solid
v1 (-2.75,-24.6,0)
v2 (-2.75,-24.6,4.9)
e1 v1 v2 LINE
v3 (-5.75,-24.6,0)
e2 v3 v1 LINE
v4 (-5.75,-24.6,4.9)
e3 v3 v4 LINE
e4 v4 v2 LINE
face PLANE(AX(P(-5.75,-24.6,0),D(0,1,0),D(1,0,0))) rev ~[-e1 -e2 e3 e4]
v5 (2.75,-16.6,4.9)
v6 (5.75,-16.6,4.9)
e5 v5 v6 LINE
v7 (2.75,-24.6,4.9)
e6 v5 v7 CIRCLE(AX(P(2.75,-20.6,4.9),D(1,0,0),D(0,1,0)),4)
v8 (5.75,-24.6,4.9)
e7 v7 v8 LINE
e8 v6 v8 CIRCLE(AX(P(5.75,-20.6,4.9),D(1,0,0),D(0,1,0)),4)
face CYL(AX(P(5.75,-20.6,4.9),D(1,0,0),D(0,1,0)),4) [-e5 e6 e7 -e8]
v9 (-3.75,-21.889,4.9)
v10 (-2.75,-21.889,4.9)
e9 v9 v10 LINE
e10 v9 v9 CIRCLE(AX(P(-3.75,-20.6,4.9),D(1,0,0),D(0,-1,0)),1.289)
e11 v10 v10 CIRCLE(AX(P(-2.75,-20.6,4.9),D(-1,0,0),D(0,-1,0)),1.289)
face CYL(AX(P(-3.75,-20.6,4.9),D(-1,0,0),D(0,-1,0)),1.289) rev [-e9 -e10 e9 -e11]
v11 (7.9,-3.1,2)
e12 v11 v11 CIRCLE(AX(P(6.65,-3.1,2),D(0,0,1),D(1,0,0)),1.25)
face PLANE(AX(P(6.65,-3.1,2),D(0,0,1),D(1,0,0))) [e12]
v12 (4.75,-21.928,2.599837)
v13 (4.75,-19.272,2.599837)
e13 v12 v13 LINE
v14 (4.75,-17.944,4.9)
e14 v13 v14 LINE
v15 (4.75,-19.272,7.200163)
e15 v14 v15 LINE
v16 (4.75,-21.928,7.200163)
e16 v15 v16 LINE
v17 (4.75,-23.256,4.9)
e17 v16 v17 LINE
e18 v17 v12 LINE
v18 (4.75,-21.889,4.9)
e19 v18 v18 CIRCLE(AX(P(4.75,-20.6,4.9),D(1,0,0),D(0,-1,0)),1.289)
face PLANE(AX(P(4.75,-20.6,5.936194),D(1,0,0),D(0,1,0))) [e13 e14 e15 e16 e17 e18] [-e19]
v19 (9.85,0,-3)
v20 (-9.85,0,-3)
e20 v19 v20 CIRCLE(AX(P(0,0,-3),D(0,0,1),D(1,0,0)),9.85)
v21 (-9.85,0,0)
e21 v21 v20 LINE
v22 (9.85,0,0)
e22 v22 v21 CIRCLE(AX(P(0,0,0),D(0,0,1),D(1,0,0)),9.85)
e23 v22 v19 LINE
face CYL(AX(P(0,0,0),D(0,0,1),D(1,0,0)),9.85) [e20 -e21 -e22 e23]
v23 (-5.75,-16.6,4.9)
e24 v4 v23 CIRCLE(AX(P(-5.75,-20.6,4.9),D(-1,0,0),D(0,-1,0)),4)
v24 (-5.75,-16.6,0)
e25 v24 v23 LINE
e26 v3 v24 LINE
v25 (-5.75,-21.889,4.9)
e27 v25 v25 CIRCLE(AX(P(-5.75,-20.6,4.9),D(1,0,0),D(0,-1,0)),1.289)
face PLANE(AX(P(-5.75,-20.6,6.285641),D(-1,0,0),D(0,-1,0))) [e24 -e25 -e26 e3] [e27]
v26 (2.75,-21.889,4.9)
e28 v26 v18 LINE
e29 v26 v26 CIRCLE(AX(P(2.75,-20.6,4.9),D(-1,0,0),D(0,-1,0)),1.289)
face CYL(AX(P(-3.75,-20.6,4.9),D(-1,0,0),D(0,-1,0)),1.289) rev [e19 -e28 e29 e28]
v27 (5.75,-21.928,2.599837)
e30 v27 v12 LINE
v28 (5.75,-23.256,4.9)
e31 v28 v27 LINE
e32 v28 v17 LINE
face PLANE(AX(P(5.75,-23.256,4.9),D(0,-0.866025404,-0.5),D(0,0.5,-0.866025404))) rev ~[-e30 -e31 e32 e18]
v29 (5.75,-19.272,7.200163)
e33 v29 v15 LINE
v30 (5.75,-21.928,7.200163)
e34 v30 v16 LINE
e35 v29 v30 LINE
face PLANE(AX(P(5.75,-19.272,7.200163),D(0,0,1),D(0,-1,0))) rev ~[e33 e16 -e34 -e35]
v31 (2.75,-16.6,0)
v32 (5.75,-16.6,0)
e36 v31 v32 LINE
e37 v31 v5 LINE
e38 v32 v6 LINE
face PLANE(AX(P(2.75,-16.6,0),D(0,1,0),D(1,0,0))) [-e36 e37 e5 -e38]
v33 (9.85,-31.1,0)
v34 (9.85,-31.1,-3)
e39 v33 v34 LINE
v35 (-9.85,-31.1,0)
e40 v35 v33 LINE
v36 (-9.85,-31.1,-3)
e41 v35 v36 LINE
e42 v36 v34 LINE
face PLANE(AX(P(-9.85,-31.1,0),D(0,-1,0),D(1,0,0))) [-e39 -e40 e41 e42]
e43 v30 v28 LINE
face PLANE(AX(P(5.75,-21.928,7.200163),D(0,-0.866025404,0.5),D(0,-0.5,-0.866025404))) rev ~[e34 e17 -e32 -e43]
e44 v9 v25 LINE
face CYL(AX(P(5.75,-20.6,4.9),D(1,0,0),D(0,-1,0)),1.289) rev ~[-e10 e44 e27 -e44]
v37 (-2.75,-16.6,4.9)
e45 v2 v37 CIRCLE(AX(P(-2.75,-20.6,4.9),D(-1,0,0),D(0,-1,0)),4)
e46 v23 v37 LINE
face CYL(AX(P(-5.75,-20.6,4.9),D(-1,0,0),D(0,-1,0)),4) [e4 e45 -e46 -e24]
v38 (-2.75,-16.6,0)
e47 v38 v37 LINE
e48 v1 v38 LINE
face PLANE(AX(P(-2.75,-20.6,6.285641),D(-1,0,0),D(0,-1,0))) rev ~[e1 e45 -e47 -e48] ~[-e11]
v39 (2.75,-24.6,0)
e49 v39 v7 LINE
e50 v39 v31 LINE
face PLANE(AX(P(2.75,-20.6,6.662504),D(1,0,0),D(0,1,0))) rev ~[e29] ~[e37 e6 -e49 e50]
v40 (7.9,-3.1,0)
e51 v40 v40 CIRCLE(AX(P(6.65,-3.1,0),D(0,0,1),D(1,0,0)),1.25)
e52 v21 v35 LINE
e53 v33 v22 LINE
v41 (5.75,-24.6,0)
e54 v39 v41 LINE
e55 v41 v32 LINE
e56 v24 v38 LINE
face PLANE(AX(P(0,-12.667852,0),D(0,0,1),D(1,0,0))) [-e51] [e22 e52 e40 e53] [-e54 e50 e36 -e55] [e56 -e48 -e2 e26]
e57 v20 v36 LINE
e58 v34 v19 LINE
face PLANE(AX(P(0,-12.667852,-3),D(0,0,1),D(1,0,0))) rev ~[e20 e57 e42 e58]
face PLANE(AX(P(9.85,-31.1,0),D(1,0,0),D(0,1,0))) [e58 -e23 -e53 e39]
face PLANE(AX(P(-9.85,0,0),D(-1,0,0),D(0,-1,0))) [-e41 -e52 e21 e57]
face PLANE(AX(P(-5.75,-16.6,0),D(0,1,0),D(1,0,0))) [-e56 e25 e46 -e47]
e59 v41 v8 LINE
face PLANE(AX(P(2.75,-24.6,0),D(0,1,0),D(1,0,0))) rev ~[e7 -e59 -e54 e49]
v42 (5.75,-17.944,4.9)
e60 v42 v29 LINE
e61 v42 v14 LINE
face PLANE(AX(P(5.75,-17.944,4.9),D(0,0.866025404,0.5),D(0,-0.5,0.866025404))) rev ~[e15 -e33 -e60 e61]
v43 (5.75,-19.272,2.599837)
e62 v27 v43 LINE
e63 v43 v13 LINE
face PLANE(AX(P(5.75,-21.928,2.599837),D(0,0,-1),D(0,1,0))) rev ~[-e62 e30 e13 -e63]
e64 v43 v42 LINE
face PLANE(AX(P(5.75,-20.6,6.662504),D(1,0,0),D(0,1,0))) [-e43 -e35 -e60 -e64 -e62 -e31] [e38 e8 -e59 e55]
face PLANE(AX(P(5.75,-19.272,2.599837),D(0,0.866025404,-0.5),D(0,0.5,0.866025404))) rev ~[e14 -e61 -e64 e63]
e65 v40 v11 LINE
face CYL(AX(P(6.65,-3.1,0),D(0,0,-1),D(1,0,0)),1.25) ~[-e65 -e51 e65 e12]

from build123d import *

# Parameters (mm, degrees)
F0_W      = 3
F0_H      = 8
F1_DEPTH  = 3
F2_DEPTH  = 4.9
F3_DEPTH  = 4.9
F5_DEPTH  = 3
F7_DEPTH  = 3
F8_DEPTH  = 25
F9_DEPTH  = 1
F11_DEPTH = 3
F12_R     = 1.8630386708
F13_DEPTH = 1
F14_R     = 1.9023250727
F15_DEPTH = 1
F16_R     = 1.25
F17_DEPTH = 2
F18_DEPTH = 25


with BuildPart() as f1:
    # F0 (on Top) → F1 (new body)
    with BuildSketch(Plane.XY):
        with BuildLine():
            Line((9.35, -30.6), (9.35, 0))
            ThreePointArc((9.35, 0), (0, -9.35), (-9.35, 0))
            Line((-9.35, 0), (-9.35, -30.6))
            Line((-9.35, -30.6), (9.35, -30.6))
        make_face()
        with Locations((-4.25, -20.6)):
            Rectangle(F0_W, F0_H, mode=Mode.SUBTRACT)
        with Locations((4.25, -20.6)):
            Rectangle(F0_W, F0_H, mode=Mode.SUBTRACT)
        with BuildLine():
            ThreePointArc((-9.35, 0), (0, -9.35), (9.35, 0))
            ThreePointArc((9.35, 0), (0, 9.35), (-9.35, 0))
        make_face()
        with Locations((4.25, -20.6)):
            Rectangle(F0_W, F0_H)
        with Locations((-4.25, -20.6)):
            Rectangle(F0_W, F0_H)
    extrude(amount=-F1_DEPTH)

    # F0 (on Top) → F2 (join)
    with BuildSketch(Plane.XY):
        with Locations((4.25, -20.6)):
            Rectangle(F0_W, F0_H)
    extrude(amount=F2_DEPTH)

    # F0 (on Top) → F3 (join)
    with BuildSketch(Plane.XY):
        with Locations((-4.25, -20.6)):
            Rectangle(F0_W, F0_H)
    extrude(amount=F3_DEPTH)

    # F4 (on face) → F5 (join)
    with BuildSketch(Plane(origin=(-5.75, 0, 0), x_dir=(0, -1, 0), z_dir=(-1, 0, 0))):
        with BuildLine():
            Line((16.6, 4.9), (24.6, 4.9))
            ThreePointArc((24.6, 4.9), (20.6, 8.9), (16.6, 4.9))
        make_face()
    extrude(amount=-F5_DEPTH)

    # F6 (on face) → F7 (join)
    with BuildSketch(Plane.YZ.offset(5.75)):
        with BuildLine():
            Line((-17.944, 4.9), (-16.6, 4.9))
            ThreePointArc((-16.6, 4.9), (-20.6, 8.9), (-24.6, 4.9))
            Line((-24.6, 4.9), (-23.256, 4.9))
            Line((-23.256, 4.9), (-21.928, 7.2001634725))
            Line((-21.928, 7.2001634725), (-19.272, 7.2001634725))
            Line((-19.272, 7.2001634725), (-17.944, 4.9))
        make_face()
        with BuildLine():
            Line((-19.311, 4.9), (-17.944, 4.9))
            Line((-17.944, 4.9), (-19.272, 7.2001634725))
            Line((-19.272, 7.2001634725), (-21.928, 7.2001634725))
            Line((-21.928, 7.2001634725), (-23.256, 4.9))
            Line((-23.256, 4.9), (-21.889, 4.9))
            ThreePointArc((-21.889, 4.9), (-20.6, 6.189), (-19.311, 4.9))
        make_face()
    extrude(amount=-F7_DEPTH)

    # F6 (on face) → F8 (cut)
    with BuildSketch(Plane.YZ.offset(5.75)):
        with BuildLine():
            Line((-21.889, 4.9), (-19.311, 4.9))
            ThreePointArc((-19.311, 4.9), (-20.6, 6.189), (-21.889, 4.9))
        make_face()
        with BuildLine():
            ThreePointArc((-21.889, 4.9), (-20.6, 3.611), (-19.311, 4.9))
            Line((-19.311, 4.9), (-21.889, 4.9))
        make_face()
    extrude(amount=-F8_DEPTH, mode=Mode.SUBTRACT)

    # F6 (on face) → F9 (cut)
    with BuildSketch(Plane.YZ.offset(5.75)):
        with BuildLine():
            Line((-19.311, 4.9), (-17.944, 4.9))
            Line((-17.944, 4.9), (-19.272, 7.2001634725))
            Line((-19.272, 7.2001634725), (-21.928, 7.2001634725))
            Line((-21.928, 7.2001634725), (-23.256, 4.9))
            Line((-23.256, 4.9), (-21.889, 4.9))
            ThreePointArc((-21.889, 4.9), (-20.6, 6.189), (-19.311, 4.9))
        make_face()
        with BuildLine():
            Line((-19.272, 2.5998365275), (-17.944, 4.9))
            Line((-17.944, 4.9), (-19.311, 4.9))
            ThreePointArc((-19.311, 4.9), (-20.6, 3.611), (-21.889, 4.9))
            Line((-21.889, 4.9), (-23.256, 4.9))
            Line((-23.256, 4.9), (-21.928, 2.5998365275))
            Line((-21.928, 2.5998365275), (-19.272, 2.5998365275))
        make_face()
    extrude(amount=-F9_DEPTH, mode=Mode.SUBTRACT)

    # F10 (on face) → F11 (join)
    with BuildSketch(Plane.XY):
        with BuildLine():
            Line((9.85, -31.1), (9.85, 0))
            ThreePointArc((9.85, 0), (0, 9.85), (-9.85, 0))
            Line((-9.85, 0), (-9.85, -31.1))
            Line((-9.85, -31.1), (9.85, -31.1))
        make_face()
        with BuildLine():
            Line((-9.35, -30.6), (-9.35, 0))
            ThreePointArc((-9.35, 0), (0, 9.35), (9.35, 0))
            Line((9.35, 0), (9.35, -30.6))
            Line((9.35, -30.6), (-9.35, -30.6))
        make_face(mode=Mode.SUBTRACT)
    extrude(amount=-F11_DEPTH)

    # F12 (on face) → F13 (join)
    with BuildSketch(Plane.YZ.offset(-2.75)):
        with Locations((-20.6, 4.9)):
            Circle(F12_R)
    extrude(amount=-F13_DEPTH)

    # F14 (on face) → F15 (join)
    with BuildSketch(Plane(origin=(2.75, 0, 0), x_dir=(0, -1, 0), z_dir=(-1, 0, 0))):
        with Locations((20.6, 4.9)):
            Circle(F14_R)
    extrude(amount=-F15_DEPTH)

    # F16 (on face) → F17 (join)
    with BuildSketch(Plane.XY):
        with Locations((6.65, -3.1)):
            Circle(F16_R)
    extrude(amount=F17_DEPTH)

    # F18 (cut): a face of the model
    f18_faces = [f1.faces().sort_by_distance(p)[0] for p in [
        (-3.75, -20.6, 4.9),
    ]]
    extrude(f18_faces, amount=-F18_DEPTH, mode=Mode.SUBTRACT)


solid = f1.part
